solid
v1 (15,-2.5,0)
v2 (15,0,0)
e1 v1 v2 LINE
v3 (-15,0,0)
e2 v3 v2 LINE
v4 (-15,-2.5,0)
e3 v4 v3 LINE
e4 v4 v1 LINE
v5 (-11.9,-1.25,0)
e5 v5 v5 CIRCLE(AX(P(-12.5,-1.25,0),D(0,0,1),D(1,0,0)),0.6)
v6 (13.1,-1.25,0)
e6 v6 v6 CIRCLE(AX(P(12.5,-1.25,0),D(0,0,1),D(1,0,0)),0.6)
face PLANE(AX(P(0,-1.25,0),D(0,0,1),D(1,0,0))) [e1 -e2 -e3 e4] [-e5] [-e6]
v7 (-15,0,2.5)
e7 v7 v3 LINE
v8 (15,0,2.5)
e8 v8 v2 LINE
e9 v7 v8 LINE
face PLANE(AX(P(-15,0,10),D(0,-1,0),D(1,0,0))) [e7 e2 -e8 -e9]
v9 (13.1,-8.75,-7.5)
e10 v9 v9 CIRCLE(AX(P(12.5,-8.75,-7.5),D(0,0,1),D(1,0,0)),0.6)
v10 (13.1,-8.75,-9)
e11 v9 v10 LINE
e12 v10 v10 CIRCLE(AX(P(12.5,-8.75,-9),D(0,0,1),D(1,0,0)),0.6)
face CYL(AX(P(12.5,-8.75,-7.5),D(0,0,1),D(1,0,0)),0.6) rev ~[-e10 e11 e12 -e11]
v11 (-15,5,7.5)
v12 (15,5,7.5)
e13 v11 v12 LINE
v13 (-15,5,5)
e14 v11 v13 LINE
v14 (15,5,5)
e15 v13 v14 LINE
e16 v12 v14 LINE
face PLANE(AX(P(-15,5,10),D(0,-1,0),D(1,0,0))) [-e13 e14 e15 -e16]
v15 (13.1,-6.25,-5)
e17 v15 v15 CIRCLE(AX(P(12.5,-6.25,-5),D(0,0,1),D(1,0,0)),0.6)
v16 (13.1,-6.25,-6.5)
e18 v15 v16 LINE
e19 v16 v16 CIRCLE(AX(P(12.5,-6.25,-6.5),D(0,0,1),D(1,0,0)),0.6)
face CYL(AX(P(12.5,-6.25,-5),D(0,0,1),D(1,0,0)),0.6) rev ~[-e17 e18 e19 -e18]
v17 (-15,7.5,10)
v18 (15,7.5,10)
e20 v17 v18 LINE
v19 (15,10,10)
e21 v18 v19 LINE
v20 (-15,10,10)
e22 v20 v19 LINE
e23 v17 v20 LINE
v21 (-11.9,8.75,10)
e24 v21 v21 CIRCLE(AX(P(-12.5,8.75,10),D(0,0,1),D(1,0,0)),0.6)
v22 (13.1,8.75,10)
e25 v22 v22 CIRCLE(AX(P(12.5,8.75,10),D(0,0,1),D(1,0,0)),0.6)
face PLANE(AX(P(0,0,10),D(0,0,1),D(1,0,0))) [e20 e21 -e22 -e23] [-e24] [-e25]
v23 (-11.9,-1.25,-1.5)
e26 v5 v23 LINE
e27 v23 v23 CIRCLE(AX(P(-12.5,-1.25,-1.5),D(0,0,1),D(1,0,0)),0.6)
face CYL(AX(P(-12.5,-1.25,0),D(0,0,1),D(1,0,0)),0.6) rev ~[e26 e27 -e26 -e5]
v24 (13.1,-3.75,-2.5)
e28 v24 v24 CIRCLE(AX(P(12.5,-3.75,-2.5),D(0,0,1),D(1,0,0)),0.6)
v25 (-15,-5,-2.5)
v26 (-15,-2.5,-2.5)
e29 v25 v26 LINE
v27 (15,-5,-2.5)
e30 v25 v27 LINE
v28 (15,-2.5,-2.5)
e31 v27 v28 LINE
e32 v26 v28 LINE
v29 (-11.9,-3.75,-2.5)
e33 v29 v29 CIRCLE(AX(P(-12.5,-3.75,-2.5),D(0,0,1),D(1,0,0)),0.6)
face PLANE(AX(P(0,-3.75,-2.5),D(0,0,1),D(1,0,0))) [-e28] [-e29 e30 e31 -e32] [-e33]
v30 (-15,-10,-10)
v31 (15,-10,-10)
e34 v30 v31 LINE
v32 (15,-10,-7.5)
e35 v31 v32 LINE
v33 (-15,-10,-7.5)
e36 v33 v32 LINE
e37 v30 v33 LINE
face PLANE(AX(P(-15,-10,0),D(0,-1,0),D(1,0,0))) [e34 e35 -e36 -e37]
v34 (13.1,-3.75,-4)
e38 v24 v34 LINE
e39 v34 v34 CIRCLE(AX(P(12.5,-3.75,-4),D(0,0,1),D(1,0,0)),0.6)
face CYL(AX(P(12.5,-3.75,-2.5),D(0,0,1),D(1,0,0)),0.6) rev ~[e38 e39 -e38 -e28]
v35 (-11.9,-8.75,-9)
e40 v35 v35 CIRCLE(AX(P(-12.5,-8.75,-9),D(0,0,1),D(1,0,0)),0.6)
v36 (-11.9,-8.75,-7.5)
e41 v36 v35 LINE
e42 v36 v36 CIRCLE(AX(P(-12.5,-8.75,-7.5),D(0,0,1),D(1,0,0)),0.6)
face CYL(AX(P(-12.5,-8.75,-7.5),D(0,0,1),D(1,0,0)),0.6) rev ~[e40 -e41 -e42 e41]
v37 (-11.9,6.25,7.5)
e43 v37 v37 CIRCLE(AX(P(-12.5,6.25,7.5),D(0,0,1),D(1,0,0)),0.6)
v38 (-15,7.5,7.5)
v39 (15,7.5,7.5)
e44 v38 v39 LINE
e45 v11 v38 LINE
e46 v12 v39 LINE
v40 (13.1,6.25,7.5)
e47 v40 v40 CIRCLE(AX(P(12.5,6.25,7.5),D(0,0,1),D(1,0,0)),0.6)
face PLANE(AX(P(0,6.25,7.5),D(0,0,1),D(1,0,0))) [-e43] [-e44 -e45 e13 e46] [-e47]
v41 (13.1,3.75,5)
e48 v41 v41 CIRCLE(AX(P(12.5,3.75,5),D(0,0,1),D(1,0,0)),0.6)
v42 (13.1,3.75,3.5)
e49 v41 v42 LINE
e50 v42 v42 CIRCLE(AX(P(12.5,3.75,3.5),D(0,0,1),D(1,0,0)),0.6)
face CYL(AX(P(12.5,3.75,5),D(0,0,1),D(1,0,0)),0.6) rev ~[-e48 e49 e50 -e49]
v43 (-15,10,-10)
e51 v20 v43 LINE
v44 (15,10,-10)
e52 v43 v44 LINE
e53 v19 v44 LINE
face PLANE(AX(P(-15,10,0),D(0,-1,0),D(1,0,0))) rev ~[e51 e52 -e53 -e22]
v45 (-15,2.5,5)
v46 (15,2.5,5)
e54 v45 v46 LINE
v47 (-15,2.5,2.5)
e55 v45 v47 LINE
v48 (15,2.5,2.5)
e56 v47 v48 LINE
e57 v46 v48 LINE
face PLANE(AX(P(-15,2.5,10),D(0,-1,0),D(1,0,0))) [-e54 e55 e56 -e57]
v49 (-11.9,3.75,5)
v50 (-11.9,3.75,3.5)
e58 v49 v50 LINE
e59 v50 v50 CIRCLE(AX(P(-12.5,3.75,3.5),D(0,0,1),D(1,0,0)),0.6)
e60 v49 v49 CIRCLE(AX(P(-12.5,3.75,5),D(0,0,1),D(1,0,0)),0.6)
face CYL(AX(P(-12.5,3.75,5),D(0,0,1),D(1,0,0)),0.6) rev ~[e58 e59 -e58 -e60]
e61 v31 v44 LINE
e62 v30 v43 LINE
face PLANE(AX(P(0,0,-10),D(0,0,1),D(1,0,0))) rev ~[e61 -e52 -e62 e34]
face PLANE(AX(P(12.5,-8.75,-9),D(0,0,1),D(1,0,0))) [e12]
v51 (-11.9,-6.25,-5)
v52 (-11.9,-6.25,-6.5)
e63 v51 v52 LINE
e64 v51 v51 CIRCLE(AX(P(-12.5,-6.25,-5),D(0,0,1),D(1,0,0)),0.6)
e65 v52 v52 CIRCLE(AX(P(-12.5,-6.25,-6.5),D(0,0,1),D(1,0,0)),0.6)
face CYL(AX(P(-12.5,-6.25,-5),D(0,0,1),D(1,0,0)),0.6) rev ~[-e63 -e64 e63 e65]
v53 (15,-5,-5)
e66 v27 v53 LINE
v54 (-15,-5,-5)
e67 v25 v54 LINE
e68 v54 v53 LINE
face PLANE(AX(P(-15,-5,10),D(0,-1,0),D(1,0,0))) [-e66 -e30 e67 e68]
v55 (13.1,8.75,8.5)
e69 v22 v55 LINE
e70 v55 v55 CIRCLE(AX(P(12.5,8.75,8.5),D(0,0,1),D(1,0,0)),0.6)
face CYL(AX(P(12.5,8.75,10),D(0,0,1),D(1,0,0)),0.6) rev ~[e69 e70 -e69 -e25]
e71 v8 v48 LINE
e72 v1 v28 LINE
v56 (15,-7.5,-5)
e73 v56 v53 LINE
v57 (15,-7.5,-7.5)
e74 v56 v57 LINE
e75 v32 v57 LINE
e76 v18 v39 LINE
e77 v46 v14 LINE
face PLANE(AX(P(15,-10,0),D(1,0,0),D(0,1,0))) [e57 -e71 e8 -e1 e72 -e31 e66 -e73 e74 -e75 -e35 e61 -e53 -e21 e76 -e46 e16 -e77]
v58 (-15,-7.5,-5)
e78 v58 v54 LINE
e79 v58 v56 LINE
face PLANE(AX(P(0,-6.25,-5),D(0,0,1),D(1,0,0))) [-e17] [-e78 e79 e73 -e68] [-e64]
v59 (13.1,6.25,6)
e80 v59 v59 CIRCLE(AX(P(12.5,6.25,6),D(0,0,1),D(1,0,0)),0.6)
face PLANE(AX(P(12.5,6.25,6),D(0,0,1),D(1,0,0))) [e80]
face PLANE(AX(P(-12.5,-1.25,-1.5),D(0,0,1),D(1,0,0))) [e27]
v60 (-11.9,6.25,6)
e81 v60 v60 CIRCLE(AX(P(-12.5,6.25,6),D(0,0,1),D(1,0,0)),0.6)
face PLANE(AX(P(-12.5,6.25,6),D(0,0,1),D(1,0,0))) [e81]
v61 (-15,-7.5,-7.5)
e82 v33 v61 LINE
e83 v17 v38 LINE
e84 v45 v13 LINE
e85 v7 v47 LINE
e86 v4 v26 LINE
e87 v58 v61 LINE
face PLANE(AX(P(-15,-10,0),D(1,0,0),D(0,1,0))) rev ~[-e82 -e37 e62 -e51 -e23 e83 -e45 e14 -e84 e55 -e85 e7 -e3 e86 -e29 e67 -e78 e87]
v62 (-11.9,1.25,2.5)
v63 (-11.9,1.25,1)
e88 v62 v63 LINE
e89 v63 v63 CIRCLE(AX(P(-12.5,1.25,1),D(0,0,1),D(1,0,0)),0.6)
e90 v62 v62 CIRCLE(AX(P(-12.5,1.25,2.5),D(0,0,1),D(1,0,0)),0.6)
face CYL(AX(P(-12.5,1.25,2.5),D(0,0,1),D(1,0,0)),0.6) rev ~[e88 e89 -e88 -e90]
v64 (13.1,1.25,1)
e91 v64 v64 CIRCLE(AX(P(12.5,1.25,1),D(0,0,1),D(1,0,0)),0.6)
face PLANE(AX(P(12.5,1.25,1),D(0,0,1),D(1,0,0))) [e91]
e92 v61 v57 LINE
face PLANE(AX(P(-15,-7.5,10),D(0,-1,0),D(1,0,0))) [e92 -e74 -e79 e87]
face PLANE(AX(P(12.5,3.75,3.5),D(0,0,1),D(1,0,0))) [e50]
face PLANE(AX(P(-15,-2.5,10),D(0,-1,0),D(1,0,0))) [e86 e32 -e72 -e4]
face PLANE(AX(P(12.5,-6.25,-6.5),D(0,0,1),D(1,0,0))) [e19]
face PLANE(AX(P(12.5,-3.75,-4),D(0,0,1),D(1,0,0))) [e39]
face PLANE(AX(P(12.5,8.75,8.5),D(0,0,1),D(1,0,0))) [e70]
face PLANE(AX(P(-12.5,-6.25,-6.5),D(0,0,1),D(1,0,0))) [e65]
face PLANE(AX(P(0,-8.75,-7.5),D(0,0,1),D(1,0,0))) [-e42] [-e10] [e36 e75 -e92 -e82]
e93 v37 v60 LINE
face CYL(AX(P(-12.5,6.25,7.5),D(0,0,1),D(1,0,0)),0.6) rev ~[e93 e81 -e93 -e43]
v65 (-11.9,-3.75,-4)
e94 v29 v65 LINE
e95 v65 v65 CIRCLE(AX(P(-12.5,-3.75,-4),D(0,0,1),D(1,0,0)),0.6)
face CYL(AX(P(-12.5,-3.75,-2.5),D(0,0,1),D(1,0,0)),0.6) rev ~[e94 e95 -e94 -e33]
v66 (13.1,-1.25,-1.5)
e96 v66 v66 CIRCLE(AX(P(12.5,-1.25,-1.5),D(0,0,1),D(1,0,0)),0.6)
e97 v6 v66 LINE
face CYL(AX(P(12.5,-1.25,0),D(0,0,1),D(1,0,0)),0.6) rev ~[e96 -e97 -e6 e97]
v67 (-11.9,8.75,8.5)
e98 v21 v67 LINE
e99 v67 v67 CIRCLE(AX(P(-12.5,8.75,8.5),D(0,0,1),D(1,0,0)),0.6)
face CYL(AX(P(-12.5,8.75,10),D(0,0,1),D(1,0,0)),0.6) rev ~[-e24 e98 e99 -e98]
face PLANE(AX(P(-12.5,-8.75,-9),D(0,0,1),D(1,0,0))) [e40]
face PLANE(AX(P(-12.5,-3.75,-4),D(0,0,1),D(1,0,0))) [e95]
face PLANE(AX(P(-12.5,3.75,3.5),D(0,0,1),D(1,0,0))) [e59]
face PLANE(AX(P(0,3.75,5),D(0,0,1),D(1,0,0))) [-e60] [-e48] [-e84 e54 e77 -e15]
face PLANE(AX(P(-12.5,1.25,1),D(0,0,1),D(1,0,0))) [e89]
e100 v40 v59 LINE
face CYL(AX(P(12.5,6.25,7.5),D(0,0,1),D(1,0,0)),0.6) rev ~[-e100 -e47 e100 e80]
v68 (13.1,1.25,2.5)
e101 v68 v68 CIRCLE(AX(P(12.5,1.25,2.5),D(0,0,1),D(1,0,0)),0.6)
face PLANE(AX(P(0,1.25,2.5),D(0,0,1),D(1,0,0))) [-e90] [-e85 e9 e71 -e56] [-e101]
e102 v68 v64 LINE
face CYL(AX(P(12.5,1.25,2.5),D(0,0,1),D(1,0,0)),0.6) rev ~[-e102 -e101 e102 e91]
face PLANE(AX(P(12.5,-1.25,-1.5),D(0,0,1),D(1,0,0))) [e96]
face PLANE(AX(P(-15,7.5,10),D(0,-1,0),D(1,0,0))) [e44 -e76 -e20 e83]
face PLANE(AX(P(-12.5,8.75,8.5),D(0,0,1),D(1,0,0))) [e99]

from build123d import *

# Parameters (mm, degrees)
SKETCH_W        = 30
SKETCH_H        = 20
PAD_DEPTH       = 10
SKETCH001_W     = 30
SKETCH001_H     = 2.5
POCKET_DEPTH    = 17.5
SKETCH002_W     = 30
SKETCH002_H     = 2.5
POCKET001_DEPTH = 15
SKETCH003_W     = 30
SKETCH003_H     = 2.5
POCKET002_DEPTH = 12.5
SKETCH004_W     = 30
SKETCH004_H     = 2.5
POCKET003_DEPTH = 10
SKETCH005_W     = 30
SKETCH005_H     = 2.5
POCKET004_DEPTH = 7.5
SKETCH006_W     = 30
SKETCH006_H     = 2.5
POCKET005_DEPTH = 5
SKETCH007_W     = 30
SKETCH007_H     = 2.5
POCKET006_DEPTH = 2.5
SKETCH008_R     = 0.6
POCKET007_DEPTH = 1.5
SKETCH009_R     = 0.6
POCKET008_DEPTH = 1.5
SKETCH010_R     = 0.6
POCKET009_DEPTH = 1.5
SKETCH011_R     = 0.6
POCKET010_DEPTH = 1.5
SKETCH012_R     = 0.6
POCKET011_DEPTH = 1.5
SKETCH013_R     = 0.6
POCKET012_DEPTH = 1.5
SKETCH014_R     = 0.6
POCKET013_DEPTH = 1.5
SKETCH015_R     = 0.6
POCKET014_DEPTH = 1.5


with BuildPart() as part:
    # Sketch → Pad (new body, symmetric)
    with BuildSketch(Plane.XY):
        Rectangle(SKETCH_W, SKETCH_H)
    extrude(amount=PAD_DEPTH, both=True)

    # Sketch001 → Pocket (cut)
    with BuildSketch(Plane.XY.offset(10)):
        with Locations((0, -8.75)):
            Rectangle(SKETCH001_W, SKETCH001_H)
    extrude(amount=-POCKET_DEPTH, mode=Mode.SUBTRACT)

    # Sketch002 → Pocket001 (cut)
    with BuildSketch(Plane.XY.offset(10)):
        with Locations((0, -6.25)):
            Rectangle(SKETCH002_W, SKETCH002_H)
    extrude(amount=-POCKET001_DEPTH, mode=Mode.SUBTRACT)

    # Sketch003 → Pocket002 (cut)
    with BuildSketch(Plane.XY.offset(10)):
        with Locations((0, -3.75)):
            Rectangle(SKETCH003_W, SKETCH003_H)
    extrude(amount=-POCKET002_DEPTH, mode=Mode.SUBTRACT)

    # Sketch004 → Pocket003 (cut)
    with BuildSketch(Plane.XY.offset(10)):
        with Locations((0, -1.25)):
            Rectangle(SKETCH004_W, SKETCH004_H)
    extrude(amount=-POCKET003_DEPTH, mode=Mode.SUBTRACT)

    # Sketch005 → Pocket004 (cut)
    with BuildSketch(Plane.XY.offset(10)):
        with Locations((0, 1.25)):
            Rectangle(SKETCH005_W, SKETCH005_H)
    extrude(amount=-POCKET004_DEPTH, mode=Mode.SUBTRACT)

    # Sketch006 → Pocket005 (cut)
    with BuildSketch(Plane.XY.offset(10)):
        with Locations((0, 3.75)):
            Rectangle(SKETCH006_W, SKETCH006_H)
    extrude(amount=-POCKET005_DEPTH, mode=Mode.SUBTRACT)

    # Sketch007 → Pocket006 (cut)
    with BuildSketch(Plane.XY.offset(10)):
        with Locations((0, 6.25)):
            Rectangle(SKETCH007_W, SKETCH007_H)
    extrude(amount=-POCKET006_DEPTH, mode=Mode.SUBTRACT)

    # Sketch008 → Pocket007 (cut)
    with BuildSketch(Plane.XY.offset(-7.5)):
        with Locations((-12.5, -8.75)):
            Circle(SKETCH008_R)
        with Locations((12.5, -8.75)):
            Circle(SKETCH008_R)
    extrude(amount=-POCKET007_DEPTH, mode=Mode.SUBTRACT)

    # Sketch009 → Pocket008 (cut)
    with BuildSketch(Plane.XY.offset(-5)):
        with Locations((-12.5, -6.25)):
            Circle(SKETCH009_R)
        with Locations((12.5, -6.25)):
            Circle(SKETCH009_R)
    extrude(amount=-POCKET008_DEPTH, mode=Mode.SUBTRACT)

    # Sketch010 → Pocket009 (cut)
    with BuildSketch(Plane.XY.offset(-2.5)):
        with Locations((-12.5, -3.75)):
            Circle(SKETCH010_R)
        with Locations((12.5, -3.75)):
            Circle(SKETCH010_R)
    extrude(amount=-POCKET009_DEPTH, mode=Mode.SUBTRACT)

    # Sketch011 → Pocket010 (cut)
    with BuildSketch(Plane.XY):
        with Locations((-12.5, -1.25)):
            Circle(SKETCH011_R)
        with Locations((12.5, -1.25)):
            Circle(SKETCH011_R)
    extrude(amount=-POCKET010_DEPTH, mode=Mode.SUBTRACT)

    # Sketch012 → Pocket011 (cut)
    with BuildSketch(Plane.XY.offset(2.5)):
        with Locations((-12.5, 1.25)):
            Circle(SKETCH012_R)
        with Locations((12.5, 1.25)):
            Circle(SKETCH012_R)
    extrude(amount=-POCKET011_DEPTH, mode=Mode.SUBTRACT)

    # Sketch013 → Pocket012 (cut)
    with BuildSketch(Plane.XY.offset(5)):
        with Locations((-12.5, 3.75)):
            Circle(SKETCH013_R)
        with Locations((12.5, 3.75)):
            Circle(SKETCH013_R)
    extrude(amount=-POCKET012_DEPTH, mode=Mode.SUBTRACT)

    # Sketch014 → Pocket013 (cut)
    with BuildSketch(Plane.XY.offset(7.5)):
        with Locations((-12.5, 6.25)):
            Circle(SKETCH014_R)
        with Locations((12.5, 6.25)):
            Circle(SKETCH014_R)
    extrude(amount=-POCKET013_DEPTH, mode=Mode.SUBTRACT)

    # Sketch015 → Pocket014 (cut)
    with BuildSketch(Plane.XY.offset(10)):
        with Locations((-12.5, 8.75)):
            Circle(SKETCH015_R)
        with Locations((12.5, 8.75)):
            Circle(SKETCH015_R)
    extrude(amount=-POCKET014_DEPTH, mode=Mode.SUBTRACT)


solid = part.part
